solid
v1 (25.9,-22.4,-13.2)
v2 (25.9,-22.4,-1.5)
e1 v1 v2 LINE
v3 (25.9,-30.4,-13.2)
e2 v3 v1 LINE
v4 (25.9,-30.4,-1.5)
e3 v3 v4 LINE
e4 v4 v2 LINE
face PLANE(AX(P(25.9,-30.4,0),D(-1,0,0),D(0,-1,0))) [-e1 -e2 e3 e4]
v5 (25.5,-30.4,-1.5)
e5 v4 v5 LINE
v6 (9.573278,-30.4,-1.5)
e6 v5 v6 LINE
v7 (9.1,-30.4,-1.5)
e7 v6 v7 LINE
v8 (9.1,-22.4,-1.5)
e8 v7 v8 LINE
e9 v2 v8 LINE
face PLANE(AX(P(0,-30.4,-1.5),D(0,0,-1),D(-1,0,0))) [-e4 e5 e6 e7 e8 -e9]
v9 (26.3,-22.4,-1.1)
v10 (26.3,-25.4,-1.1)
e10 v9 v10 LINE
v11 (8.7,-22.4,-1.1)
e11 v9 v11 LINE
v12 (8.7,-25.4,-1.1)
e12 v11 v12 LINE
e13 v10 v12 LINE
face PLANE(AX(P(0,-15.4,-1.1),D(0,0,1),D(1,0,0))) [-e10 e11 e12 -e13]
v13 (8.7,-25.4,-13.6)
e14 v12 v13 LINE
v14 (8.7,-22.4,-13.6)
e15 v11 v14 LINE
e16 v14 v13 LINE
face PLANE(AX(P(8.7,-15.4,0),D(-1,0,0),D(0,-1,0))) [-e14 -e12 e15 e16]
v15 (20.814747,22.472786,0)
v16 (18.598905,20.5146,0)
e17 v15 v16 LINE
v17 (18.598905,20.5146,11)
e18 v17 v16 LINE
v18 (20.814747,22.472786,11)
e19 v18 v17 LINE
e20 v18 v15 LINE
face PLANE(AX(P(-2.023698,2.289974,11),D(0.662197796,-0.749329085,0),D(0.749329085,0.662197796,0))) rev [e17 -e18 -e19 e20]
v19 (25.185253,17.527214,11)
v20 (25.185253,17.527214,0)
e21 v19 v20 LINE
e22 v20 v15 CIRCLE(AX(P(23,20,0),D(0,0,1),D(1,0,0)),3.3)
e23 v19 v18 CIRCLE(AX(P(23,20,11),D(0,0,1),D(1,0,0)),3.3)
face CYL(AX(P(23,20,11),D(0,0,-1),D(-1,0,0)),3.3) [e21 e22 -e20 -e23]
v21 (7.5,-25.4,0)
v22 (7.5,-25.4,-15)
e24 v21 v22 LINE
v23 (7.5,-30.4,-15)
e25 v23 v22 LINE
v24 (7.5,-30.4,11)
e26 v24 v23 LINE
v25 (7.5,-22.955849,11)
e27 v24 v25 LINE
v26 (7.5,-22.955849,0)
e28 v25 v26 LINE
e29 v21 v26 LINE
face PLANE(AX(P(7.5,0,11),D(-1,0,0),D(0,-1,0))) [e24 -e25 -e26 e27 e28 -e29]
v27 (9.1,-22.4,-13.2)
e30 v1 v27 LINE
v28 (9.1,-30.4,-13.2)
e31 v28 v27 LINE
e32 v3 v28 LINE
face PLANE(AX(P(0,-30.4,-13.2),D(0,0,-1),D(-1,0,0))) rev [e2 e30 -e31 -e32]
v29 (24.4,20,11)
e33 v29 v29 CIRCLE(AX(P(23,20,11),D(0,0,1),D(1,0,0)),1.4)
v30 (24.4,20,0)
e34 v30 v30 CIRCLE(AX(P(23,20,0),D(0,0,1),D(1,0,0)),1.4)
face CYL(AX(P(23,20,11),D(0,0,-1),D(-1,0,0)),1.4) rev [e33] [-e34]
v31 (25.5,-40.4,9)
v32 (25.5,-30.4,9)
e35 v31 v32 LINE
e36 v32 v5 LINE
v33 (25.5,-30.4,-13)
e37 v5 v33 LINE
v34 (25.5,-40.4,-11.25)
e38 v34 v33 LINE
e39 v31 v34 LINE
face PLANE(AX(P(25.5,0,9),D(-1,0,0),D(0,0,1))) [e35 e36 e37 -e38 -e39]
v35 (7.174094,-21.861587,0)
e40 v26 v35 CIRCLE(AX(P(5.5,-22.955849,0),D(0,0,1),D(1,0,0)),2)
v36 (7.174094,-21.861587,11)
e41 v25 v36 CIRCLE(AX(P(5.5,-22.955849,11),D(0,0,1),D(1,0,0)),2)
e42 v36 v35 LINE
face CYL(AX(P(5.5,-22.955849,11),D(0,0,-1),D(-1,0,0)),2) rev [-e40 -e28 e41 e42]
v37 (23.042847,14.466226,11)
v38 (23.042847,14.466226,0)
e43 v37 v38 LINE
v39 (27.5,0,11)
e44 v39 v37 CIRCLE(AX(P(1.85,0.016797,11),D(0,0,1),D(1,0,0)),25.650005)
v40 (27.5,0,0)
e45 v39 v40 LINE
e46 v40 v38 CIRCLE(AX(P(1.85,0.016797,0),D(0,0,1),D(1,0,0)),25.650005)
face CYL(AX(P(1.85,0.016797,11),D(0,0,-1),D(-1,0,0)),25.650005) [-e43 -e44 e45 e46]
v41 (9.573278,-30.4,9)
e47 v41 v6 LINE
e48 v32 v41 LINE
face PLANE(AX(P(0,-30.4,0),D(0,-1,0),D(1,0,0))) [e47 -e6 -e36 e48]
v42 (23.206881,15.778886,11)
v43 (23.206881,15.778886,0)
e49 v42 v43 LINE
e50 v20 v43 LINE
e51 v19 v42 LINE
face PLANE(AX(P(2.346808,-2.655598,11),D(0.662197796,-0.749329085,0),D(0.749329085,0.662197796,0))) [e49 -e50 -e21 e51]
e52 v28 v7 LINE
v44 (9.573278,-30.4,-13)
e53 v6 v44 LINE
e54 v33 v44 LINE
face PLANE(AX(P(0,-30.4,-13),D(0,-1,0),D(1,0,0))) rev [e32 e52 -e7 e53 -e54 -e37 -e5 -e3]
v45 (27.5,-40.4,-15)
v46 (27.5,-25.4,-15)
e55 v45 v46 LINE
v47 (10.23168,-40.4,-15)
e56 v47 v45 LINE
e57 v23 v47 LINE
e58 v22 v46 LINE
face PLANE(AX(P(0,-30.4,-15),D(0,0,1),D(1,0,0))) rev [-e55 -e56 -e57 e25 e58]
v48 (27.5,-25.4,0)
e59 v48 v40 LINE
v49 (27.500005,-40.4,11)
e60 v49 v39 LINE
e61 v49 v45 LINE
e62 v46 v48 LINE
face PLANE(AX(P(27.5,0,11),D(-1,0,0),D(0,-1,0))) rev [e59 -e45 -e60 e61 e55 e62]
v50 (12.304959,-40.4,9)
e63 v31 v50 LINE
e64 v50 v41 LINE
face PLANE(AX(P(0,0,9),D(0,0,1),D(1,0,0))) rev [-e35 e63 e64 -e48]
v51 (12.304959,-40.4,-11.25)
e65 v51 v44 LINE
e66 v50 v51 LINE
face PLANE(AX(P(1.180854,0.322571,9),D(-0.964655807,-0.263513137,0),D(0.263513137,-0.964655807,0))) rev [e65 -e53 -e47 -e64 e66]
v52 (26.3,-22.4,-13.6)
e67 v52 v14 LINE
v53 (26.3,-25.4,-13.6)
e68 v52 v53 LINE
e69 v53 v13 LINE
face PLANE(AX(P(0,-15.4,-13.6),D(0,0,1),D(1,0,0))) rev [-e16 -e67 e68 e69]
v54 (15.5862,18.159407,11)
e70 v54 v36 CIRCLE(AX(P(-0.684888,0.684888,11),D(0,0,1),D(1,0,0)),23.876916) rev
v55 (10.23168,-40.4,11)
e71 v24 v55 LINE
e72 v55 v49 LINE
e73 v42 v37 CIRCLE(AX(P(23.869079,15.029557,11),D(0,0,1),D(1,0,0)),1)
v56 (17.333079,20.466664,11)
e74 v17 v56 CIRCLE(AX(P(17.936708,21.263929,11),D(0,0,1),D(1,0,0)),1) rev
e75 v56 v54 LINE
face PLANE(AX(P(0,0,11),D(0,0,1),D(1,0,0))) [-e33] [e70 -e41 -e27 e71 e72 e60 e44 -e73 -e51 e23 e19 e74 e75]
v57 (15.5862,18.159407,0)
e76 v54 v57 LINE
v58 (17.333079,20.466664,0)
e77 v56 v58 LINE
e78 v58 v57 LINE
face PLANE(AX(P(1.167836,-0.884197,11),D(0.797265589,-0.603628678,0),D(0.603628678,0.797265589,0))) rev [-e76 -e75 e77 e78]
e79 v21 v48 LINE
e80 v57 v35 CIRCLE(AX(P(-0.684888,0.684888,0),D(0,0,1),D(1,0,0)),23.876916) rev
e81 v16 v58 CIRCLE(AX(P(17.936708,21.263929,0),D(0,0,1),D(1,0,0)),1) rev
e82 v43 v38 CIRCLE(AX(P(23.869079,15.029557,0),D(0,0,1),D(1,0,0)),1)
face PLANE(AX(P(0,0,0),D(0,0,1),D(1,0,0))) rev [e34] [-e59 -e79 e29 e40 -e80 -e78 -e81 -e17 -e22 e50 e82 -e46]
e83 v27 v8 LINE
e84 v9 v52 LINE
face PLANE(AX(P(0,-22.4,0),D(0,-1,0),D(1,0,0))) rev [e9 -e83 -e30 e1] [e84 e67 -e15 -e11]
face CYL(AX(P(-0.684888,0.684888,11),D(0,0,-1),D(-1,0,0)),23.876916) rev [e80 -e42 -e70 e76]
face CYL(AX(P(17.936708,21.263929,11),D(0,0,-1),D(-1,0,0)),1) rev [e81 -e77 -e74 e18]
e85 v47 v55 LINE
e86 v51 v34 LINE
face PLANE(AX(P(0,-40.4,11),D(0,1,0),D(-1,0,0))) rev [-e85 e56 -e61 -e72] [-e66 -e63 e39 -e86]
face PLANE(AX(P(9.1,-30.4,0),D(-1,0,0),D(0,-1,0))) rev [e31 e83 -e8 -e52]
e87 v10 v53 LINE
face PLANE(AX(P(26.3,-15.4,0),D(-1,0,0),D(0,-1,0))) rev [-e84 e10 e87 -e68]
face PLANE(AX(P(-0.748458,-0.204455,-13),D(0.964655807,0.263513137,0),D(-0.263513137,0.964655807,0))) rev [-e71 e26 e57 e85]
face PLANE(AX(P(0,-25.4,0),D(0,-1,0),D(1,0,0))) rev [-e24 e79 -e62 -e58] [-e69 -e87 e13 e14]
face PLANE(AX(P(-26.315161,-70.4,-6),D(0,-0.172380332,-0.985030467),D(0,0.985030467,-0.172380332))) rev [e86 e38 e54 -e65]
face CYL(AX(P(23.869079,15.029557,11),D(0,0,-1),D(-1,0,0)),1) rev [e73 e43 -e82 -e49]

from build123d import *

# Parameters (mm, degrees)
SKETCH1_R               = 1.4
BOSS_EXTRUDE1_DEPTH     = 11
SKETCH2_W               = 18.000000053
SKETCH2_H               = 12.9
SKETCH2_W_2             = 16.800000053
SKETCH2_H_2             = 11.7
BOSS_EXTRUDE2_DEPTH     = 3
SKETCH2_3_W             = 20
SKETCH2_3_H             = 11
SKETCH2_3_H_2           = 15
SKETCH2_3_W_2           = 18.000000053
SKETCH2_3_H_3           = 12.9
SKETCH2_3_W_3           = 16.800000053
SKETCH2_3_H_4           = 11.7
BOSS_EXTRUDE3_DEPTH     = 5
BOSS_EXTRUDE4_DEPTH     = 2
BOSS_EXTRUDE6_START     = -2
BOSS_EXTRUDE6_DEPTH     = 22
SKETCH4_3_W             = 2
SKETCH4_3_H             = 40
BOSS_EXTRUDE6_2_DEPTH   = 22
BOSS_EXTRUDE7_START     = -24
SKETCH4_4_W             = 2
SKETCH4_4_H             = 40
BOSS_EXTRUDE7_DEPTH     = 2
BOSS_EXTRUDE8_REACH     = 20.326
SKETCH2_5_W             = 18.000000053
SKETCH2_5_H             = 12.9
SKETCH2_5_W_2           = 17.600000053
SKETCH2_5_H_2           = 12.5
CUT_EXTRUDE_THIN6_DEPTH = 10
SKETCH11_W              = 50.134644107
SKETCH11_H              = 30
CUT_EXTRUDE6_DEPTH      = 27


with BuildPart() as part:
    # Sketch1 → Boss-Extrude1 (new body)
    with BuildSketch(Plane.XY):
        with BuildLine():
            Line((23.20688118, 15.778885673), (25.185252728, 17.527214018))
            ThreePointArc((25.185252728, 17.527214018), (25.472785982, 22.185252728), (20.814747272, 22.472785982))
            Line((20.814747272, 22.472785982), (18.598905377, 20.514600122))
            ThreePointArc((18.598905377, 20.514600122), (17.974550182, 20.264645495), (17.333078903, 20.466663618))
            Line((17.333078903, 20.466663618), (15.586200014, 18.159406728))
            ThreePointArc((15.586200014, 18.159406728), (22.681435087, -4.226534244), (7.174093823, -21.861586862))
            ThreePointArc((7.174093823, -21.861586862), (7.416792587, -22.384967182), (7.5, -22.955849111))
            Line((7.5, -22.955849111), (7.5, -25.4))
            Line((7.5, -25.4), (27.5, -25.4))
            Line((27.5, -25.4), (27.5, 0))
            ThreePointArc((27.5, 0), (26.362874376, 7.569397218), (23.04284729, 14.466226133))
            ThreePointArc((23.04284729, 14.466226133), (22.876796583, 15.153555184), (23.20688118, 15.778885673))
        make_face()
        with Locations((23, 20)):
            Circle(SKETCH1_R, mode=Mode.SUBTRACT)
    extrude(amount=BOSS_EXTRUDE1_DEPTH)



with BuildPart() as body_2:
    # Sketch2 → Boss-Extrude2 (new body)
    with BuildSketch(Plane.XZ.offset(25.4)):
        with Locations((17.500000027, -7.35)):
            Rectangle(SKETCH2_W, SKETCH2_H)
        with Locations((17.500000027, -7.35)):
            Rectangle(SKETCH2_W_2, SKETCH2_H_2, mode=Mode.SUBTRACT)
    extrude(amount=-BOSS_EXTRUDE2_DEPTH)


with BuildPart() as part_1:
    add(part.part)

    add(body_2.part)  # Boss-Extrude3 merges body 2
    # Sketch2<3> → Boss-Extrude3 (add)
    with BuildSketch(Plane.XZ.offset(25.4)):
        with Locations((17.5, 5.5)):
            Rectangle(SKETCH2_3_W, SKETCH2_3_H)
        with Locations((17.5, -7.5)):
            Rectangle(SKETCH2_3_W, SKETCH2_3_H_2)
        with Locations((17.500000027, -7.35)):
            Rectangle(SKETCH2_3_W_2, SKETCH2_3_H_3, mode=Mode.SUBTRACT)
        with Locations((17.500000027, -7.35)):
            Rectangle(SKETCH2_3_W_2, SKETCH2_3_H_3)
        with Locations((17.500000027, -7.35)):
            Rectangle(SKETCH2_3_W_3, SKETCH2_3_H_4, mode=Mode.SUBTRACT)
    extrude(amount=BOSS_EXTRUDE3_DEPTH)

    # Sketch4 → Boss-Extrude4 (add)
    with BuildSketch(Plane(origin=(0, 0, -15), x_dir=(-1, 0, 0), z_dir=(0, 0, -1))):
        Polygon((-18.42672165, -70.4), (-7.5, -30.4), (-27.5, -30.4), (-27.5, -70.4), align=None)
    extrude(amount=-BOSS_EXTRUDE4_DEPTH)



with BuildPart() as body_2_2:
    # Sketch4<3> → Boss-Extrude6 (new body)
    with BuildSketch(Plane(origin=(0, 0, -15), x_dir=(-1, 0, 0), z_dir=(0, 0, -1)).offset(BOSS_EXTRUDE6_START)):
        Polygon((-18.42672165, -70.4), (-7.5, -30.4), (-9.57327835, -30.4), (-20.5, -70.4), align=None)
    extrude(amount=-BOSS_EXTRUDE6_DEPTH)


with BuildPart() as body_3:
    # Sketch4<3> → Boss-Extrude6 2 (new body)
    with BuildSketch(Plane(origin=(0, 0, -15), x_dir=(-1, 0, 0), z_dir=(0, 0, -1)).offset(BOSS_EXTRUDE6_START)):
        with Locations((-26.5, -50.4)):
            Rectangle(SKETCH4_3_W, SKETCH4_3_H)
    extrude(amount=-BOSS_EXTRUDE6_2_DEPTH)


with BuildPart() as part_2:
    add(part_1.part)

    add(body_2_2.part)  # Boss-Extrude7 merges body 2 2

    add(body_3.part)  # Boss-Extrude7 merges body 3
    # Sketch4<4> → Boss-Extrude7 (add)
    with BuildSketch(Plane(origin=(0, 0, -15), x_dir=(-1, 0, 0), z_dir=(0, 0, -1)).offset(BOSS_EXTRUDE7_START)):
        Polygon((-20.5, -70.4), (-9.57327835, -30.4), (-25.5, -30.4), (-25.5, -70.4), align=None)
        Polygon((-18.42672165, -70.4), (-7.5, -30.4), (-9.57327835, -30.4), (-20.5, -70.4), align=None)
        with Locations((-26.5, -50.4)):
            Rectangle(SKETCH4_4_W, SKETCH4_4_H)
    extrude(amount=-BOSS_EXTRUDE7_DEPTH)

    # Boss-Extrude8: up to this face of the body (flat: up to its plane)
    boss_extrude8_end = Plane(part_2.part.faces().sort_by_distance((15.036639175, -50.4, -2))[0])
    # Sketch8 → Boss-Extrude8 (add, up to the picked face)
    with BuildSketch(Plane.ZY.offset(-25.5), mode=Mode.PRIVATE) as boss_extrude8_sk1:
        Polygon((-13, -70.4), (-6, -70.4), (-13, -30.4), align=None)
    boss_extrude8_tool1 = split(extrude(boss_extrude8_sk1.sketch, amount=BOSS_EXTRUDE8_REACH, mode=Mode.PRIVATE), bisect_by=boss_extrude8_end, keep=Keep.BOTH, mode=Mode.PRIVATE)
    add(boss_extrude8_tool1.solids().sort_by_distance((25.5, -57.066667, -10.666667))[0])

    # Sketch2<5> → Cut-Extrude-Thin6 (cut)
    with BuildSketch(Plane.XZ.offset(25.4)):
        with Locations((17.500000027, -7.35)):
            Rectangle(SKETCH2_5_W, SKETCH2_5_H)
        with Locations((17.500000027, -7.35)):
            Rectangle(SKETCH2_5_W_2, SKETCH2_5_H_2, mode=Mode.SUBTRACT)
    extrude(amount=-CUT_EXTRUDE_THIN6_DEPTH, mode=Mode.SUBTRACT)

    # Sketch11 → Cut-Extrude6 (cut, through all)
    with BuildSketch(Plane(origin=(0, 0, -15), x_dir=(-1, 0, 0), z_dir=(0, 0, -1))):
        with Locations((-25.067322053, -55.4)):
            Rectangle(SKETCH11_W, SKETCH11_H)
    extrude(amount=-CUT_EXTRUDE6_DEPTH, mode=Mode.SUBTRACT)


solid = part_2.part
